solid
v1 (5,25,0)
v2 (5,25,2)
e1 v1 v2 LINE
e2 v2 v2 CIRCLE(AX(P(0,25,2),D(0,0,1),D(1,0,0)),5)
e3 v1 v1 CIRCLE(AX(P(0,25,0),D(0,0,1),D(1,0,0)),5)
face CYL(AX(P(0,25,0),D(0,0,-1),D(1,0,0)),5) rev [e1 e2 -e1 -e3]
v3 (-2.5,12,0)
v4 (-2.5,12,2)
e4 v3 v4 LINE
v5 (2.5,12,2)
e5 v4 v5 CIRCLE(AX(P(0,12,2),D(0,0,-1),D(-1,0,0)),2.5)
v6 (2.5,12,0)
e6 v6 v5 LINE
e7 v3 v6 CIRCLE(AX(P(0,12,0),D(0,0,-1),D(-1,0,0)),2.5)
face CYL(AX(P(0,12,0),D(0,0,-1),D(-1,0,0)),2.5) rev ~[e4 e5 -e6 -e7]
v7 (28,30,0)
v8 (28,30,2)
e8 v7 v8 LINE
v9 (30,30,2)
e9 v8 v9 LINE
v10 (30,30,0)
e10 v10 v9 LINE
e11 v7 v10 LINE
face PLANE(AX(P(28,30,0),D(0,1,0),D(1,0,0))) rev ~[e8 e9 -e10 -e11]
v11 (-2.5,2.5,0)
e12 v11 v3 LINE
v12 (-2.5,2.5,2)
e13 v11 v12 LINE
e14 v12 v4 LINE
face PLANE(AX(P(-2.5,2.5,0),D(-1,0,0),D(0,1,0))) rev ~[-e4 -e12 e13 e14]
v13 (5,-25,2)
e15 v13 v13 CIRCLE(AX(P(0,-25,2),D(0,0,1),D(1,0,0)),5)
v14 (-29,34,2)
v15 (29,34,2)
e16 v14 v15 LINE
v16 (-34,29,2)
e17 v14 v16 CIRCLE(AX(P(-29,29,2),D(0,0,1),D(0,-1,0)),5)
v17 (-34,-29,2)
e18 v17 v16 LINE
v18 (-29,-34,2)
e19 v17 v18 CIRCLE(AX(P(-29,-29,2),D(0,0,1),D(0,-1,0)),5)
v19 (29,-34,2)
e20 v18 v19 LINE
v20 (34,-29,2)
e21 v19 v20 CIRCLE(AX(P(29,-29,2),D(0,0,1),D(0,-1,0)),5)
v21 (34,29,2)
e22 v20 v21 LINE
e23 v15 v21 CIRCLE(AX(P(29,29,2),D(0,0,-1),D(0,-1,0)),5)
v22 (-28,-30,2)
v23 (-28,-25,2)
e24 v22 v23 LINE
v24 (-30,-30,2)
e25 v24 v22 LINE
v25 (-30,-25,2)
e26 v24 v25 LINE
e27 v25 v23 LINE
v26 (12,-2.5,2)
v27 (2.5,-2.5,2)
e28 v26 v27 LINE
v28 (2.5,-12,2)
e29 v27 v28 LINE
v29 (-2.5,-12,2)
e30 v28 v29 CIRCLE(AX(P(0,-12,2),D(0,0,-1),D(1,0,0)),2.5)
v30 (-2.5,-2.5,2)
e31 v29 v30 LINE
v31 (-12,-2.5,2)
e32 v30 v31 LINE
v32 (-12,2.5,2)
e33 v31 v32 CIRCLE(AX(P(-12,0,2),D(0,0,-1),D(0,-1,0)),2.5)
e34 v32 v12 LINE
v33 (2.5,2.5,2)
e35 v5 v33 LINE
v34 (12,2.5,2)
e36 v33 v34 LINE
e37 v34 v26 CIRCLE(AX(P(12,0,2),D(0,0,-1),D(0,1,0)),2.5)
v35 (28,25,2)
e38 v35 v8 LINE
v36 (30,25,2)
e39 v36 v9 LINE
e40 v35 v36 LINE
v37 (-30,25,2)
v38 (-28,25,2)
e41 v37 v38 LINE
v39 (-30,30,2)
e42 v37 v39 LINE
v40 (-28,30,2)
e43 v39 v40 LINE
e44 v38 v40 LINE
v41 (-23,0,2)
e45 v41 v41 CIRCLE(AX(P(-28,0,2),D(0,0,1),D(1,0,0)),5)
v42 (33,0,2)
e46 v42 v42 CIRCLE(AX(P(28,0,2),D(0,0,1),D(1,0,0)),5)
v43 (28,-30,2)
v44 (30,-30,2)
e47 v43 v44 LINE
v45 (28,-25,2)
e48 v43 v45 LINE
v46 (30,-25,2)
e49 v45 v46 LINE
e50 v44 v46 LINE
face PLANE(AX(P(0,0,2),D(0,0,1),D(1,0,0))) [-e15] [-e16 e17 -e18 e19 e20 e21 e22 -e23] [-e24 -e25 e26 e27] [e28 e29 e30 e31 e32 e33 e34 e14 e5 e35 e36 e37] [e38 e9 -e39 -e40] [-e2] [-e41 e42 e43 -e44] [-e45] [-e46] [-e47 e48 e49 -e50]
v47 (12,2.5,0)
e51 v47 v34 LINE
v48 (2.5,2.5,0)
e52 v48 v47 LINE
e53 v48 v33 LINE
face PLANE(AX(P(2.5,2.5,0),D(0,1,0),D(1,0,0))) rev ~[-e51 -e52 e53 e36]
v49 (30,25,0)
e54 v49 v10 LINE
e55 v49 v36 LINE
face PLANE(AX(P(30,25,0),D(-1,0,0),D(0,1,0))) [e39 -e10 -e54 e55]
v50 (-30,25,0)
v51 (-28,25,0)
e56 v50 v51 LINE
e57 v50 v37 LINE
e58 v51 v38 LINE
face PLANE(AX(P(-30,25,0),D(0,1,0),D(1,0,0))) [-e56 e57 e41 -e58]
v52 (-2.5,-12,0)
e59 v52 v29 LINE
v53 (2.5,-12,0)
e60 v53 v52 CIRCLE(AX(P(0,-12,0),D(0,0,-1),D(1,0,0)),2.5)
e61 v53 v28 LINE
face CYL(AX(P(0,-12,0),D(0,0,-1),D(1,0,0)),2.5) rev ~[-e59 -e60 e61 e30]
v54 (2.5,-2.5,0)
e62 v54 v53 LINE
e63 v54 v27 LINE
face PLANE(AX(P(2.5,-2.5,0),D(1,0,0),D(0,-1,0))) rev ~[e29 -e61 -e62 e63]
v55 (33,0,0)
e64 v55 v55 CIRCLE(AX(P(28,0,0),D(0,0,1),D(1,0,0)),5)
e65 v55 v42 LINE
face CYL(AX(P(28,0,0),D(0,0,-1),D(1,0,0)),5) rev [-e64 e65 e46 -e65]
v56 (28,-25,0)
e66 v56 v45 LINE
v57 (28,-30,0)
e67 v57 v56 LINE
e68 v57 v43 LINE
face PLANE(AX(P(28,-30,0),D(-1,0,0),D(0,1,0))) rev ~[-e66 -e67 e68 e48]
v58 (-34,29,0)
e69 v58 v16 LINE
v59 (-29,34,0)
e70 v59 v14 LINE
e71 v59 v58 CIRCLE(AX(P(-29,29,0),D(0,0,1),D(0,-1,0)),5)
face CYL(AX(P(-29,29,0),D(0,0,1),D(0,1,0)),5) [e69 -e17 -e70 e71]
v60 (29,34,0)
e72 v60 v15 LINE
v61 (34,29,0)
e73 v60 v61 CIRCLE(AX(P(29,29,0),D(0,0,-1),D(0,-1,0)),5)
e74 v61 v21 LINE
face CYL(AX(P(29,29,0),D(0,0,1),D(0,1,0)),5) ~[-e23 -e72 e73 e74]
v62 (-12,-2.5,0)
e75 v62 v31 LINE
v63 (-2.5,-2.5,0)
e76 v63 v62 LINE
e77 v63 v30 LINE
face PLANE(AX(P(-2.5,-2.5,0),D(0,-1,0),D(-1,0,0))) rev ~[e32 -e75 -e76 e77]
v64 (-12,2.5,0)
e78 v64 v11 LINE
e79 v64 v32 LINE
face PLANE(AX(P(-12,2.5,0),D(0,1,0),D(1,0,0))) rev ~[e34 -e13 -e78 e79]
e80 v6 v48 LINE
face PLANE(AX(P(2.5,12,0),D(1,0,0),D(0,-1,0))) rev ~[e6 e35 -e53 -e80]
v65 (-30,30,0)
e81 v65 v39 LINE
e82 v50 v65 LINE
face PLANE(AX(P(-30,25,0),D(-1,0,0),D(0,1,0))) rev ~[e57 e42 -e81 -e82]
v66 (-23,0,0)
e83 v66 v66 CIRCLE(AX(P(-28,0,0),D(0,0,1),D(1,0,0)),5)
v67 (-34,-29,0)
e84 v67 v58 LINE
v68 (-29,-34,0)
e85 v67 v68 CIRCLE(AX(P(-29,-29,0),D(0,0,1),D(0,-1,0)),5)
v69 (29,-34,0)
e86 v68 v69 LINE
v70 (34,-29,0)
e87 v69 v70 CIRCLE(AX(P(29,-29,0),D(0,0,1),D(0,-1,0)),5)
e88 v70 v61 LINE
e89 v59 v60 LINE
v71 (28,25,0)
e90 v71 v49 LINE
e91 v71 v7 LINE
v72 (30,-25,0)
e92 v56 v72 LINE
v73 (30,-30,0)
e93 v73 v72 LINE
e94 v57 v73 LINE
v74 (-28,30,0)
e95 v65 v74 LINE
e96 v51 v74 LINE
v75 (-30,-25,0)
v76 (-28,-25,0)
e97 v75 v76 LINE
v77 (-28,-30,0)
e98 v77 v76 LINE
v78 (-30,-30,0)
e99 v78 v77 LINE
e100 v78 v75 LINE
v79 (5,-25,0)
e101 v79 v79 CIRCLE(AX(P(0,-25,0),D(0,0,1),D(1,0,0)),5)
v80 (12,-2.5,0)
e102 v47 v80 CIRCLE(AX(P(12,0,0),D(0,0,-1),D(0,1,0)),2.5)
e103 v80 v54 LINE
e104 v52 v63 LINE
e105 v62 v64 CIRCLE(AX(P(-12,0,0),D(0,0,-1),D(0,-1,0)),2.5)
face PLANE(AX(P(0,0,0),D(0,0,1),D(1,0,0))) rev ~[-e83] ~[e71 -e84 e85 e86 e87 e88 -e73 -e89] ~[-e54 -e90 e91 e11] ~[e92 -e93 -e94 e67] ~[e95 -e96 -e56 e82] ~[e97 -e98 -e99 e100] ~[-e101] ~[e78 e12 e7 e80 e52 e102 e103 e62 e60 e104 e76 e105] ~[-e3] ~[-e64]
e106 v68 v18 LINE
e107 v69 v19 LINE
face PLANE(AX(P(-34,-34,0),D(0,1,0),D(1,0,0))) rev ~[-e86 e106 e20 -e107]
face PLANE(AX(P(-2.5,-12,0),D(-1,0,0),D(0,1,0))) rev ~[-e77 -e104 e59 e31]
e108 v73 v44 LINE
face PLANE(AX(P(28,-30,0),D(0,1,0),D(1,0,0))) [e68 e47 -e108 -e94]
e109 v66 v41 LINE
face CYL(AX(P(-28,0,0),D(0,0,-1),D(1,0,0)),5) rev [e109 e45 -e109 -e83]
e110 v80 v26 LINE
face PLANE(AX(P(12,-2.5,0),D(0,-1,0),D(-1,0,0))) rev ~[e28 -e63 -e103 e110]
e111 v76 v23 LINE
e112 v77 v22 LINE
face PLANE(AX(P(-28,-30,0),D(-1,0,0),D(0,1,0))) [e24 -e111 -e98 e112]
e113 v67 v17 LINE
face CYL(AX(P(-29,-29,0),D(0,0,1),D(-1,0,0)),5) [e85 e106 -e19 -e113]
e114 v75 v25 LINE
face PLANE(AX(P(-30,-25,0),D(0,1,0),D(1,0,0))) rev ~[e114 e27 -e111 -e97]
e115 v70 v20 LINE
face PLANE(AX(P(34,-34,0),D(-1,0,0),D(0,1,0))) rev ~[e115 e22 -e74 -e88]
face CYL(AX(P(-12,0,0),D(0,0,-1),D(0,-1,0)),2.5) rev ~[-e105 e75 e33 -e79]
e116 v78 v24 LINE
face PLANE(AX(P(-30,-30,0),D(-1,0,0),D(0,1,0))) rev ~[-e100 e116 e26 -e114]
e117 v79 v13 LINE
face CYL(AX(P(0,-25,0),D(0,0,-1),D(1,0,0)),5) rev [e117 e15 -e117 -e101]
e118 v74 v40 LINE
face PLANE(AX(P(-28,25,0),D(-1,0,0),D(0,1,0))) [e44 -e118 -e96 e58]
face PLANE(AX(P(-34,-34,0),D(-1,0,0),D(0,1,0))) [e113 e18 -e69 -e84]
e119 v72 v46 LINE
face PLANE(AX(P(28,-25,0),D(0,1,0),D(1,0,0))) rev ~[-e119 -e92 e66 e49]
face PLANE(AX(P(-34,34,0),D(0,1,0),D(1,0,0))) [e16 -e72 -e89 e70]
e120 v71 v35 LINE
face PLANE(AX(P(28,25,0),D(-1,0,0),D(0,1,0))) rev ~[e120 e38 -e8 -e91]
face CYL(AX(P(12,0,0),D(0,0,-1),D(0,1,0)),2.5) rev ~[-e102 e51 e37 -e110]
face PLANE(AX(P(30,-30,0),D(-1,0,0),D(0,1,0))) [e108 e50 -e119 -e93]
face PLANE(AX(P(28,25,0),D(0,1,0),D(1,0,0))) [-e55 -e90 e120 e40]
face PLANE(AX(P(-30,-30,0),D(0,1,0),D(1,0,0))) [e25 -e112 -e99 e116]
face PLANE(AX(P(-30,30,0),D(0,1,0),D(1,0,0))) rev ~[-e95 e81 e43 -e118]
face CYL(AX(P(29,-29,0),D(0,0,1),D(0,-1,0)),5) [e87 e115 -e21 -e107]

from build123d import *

# Parameters (mm, degrees)
SKETCH1_W           = 68
SKETCH1_H           = 68
SKETCH1_W_2         = 2
SKETCH1_H_2         = 5
SKETCH1_R           = 5
BOSS_EXTRUDE1_DEPTH = 2
FILLET2_R           = 5
FILLET3_R           = 5
FILLET4_R           = 5
FILLET5_R           = 5


with BuildPart() as part:
    # Sketch1 → Boss-Extrude1 (new body)
    with BuildSketch(Plane.XY):
        Rectangle(SKETCH1_W, SKETCH1_H)
        with Locations((-29, -27.5)):
            Rectangle(SKETCH1_W_2, SKETCH1_H_2, mode=Mode.SUBTRACT)
        with Locations((0, -25)):
            Circle(SKETCH1_R, mode=Mode.SUBTRACT)
        with Locations((29, -27.5)):
            Rectangle(SKETCH1_W_2, SKETCH1_H_2, mode=Mode.SUBTRACT)
        with Locations((-28, 0)):
            Circle(SKETCH1_R, mode=Mode.SUBTRACT)
        with Locations((-29, 27.5)):
            Rectangle(SKETCH1_W_2, SKETCH1_H_2, mode=Mode.SUBTRACT)
        with BuildLine():
            ThreePointArc((-12, -2.5), (-14.5, 0), (-12, 2.5))
            Line((-12, 2.5), (-2.5, 2.5))
            Line((-2.5, 2.5), (-2.5, 12))
            ThreePointArc((-2.5, 12), (0, 14.5), (2.5, 12))
            Line((2.5, 12), (2.5, 2.5))
            Line((2.5, 2.5), (12, 2.5))
            ThreePointArc((12, 2.5), (14.5, 0), (12, -2.5))
            Line((12, -2.5), (2.5, -2.5))
            Line((2.5, -2.5), (2.5, -12))
            ThreePointArc((2.5, -12), (0, -14.5), (-2.5, -12))
            Line((-2.5, -12), (-2.5, -2.5))
            Line((-2.5, -2.5), (-12, -2.5))
        make_face(mode=Mode.SUBTRACT)
        with Locations((28, 0)):
            Circle(SKETCH1_R, mode=Mode.SUBTRACT)
        with Locations((0, 25)):
            Circle(SKETCH1_R, mode=Mode.SUBTRACT)
        with Locations((29, 27.5)):
            Rectangle(SKETCH1_W_2, SKETCH1_H_2, mode=Mode.SUBTRACT)
    extrude(amount=BOSS_EXTRUDE1_DEPTH)

    # Fillet2
    fillet2_edges = [part.edges().sort_by_distance(p)[0] for p in [
        (34, 34, 1),
    ]]
    fillet(fillet2_edges, radius=FILLET2_R)

    # Fillet3
    fillet3_edges = [part.edges().sort_by_distance(p)[0] for p in [
        (-34, 34, 1),
    ]]
    fillet(fillet3_edges, radius=FILLET3_R)

    # Fillet4
    fillet4_edges = [part.edges().sort_by_distance(p)[0] for p in [
        (-34, -34, 1),
    ]]
    fillet(fillet4_edges, radius=FILLET4_R)

    # Fillet5
    fillet5_edges = [part.edges().sort_by_distance(p)[0] for p in [
        (34, -34, 1),
    ]]
    fillet(fillet5_edges, radius=FILLET5_R)


solid = part.part
